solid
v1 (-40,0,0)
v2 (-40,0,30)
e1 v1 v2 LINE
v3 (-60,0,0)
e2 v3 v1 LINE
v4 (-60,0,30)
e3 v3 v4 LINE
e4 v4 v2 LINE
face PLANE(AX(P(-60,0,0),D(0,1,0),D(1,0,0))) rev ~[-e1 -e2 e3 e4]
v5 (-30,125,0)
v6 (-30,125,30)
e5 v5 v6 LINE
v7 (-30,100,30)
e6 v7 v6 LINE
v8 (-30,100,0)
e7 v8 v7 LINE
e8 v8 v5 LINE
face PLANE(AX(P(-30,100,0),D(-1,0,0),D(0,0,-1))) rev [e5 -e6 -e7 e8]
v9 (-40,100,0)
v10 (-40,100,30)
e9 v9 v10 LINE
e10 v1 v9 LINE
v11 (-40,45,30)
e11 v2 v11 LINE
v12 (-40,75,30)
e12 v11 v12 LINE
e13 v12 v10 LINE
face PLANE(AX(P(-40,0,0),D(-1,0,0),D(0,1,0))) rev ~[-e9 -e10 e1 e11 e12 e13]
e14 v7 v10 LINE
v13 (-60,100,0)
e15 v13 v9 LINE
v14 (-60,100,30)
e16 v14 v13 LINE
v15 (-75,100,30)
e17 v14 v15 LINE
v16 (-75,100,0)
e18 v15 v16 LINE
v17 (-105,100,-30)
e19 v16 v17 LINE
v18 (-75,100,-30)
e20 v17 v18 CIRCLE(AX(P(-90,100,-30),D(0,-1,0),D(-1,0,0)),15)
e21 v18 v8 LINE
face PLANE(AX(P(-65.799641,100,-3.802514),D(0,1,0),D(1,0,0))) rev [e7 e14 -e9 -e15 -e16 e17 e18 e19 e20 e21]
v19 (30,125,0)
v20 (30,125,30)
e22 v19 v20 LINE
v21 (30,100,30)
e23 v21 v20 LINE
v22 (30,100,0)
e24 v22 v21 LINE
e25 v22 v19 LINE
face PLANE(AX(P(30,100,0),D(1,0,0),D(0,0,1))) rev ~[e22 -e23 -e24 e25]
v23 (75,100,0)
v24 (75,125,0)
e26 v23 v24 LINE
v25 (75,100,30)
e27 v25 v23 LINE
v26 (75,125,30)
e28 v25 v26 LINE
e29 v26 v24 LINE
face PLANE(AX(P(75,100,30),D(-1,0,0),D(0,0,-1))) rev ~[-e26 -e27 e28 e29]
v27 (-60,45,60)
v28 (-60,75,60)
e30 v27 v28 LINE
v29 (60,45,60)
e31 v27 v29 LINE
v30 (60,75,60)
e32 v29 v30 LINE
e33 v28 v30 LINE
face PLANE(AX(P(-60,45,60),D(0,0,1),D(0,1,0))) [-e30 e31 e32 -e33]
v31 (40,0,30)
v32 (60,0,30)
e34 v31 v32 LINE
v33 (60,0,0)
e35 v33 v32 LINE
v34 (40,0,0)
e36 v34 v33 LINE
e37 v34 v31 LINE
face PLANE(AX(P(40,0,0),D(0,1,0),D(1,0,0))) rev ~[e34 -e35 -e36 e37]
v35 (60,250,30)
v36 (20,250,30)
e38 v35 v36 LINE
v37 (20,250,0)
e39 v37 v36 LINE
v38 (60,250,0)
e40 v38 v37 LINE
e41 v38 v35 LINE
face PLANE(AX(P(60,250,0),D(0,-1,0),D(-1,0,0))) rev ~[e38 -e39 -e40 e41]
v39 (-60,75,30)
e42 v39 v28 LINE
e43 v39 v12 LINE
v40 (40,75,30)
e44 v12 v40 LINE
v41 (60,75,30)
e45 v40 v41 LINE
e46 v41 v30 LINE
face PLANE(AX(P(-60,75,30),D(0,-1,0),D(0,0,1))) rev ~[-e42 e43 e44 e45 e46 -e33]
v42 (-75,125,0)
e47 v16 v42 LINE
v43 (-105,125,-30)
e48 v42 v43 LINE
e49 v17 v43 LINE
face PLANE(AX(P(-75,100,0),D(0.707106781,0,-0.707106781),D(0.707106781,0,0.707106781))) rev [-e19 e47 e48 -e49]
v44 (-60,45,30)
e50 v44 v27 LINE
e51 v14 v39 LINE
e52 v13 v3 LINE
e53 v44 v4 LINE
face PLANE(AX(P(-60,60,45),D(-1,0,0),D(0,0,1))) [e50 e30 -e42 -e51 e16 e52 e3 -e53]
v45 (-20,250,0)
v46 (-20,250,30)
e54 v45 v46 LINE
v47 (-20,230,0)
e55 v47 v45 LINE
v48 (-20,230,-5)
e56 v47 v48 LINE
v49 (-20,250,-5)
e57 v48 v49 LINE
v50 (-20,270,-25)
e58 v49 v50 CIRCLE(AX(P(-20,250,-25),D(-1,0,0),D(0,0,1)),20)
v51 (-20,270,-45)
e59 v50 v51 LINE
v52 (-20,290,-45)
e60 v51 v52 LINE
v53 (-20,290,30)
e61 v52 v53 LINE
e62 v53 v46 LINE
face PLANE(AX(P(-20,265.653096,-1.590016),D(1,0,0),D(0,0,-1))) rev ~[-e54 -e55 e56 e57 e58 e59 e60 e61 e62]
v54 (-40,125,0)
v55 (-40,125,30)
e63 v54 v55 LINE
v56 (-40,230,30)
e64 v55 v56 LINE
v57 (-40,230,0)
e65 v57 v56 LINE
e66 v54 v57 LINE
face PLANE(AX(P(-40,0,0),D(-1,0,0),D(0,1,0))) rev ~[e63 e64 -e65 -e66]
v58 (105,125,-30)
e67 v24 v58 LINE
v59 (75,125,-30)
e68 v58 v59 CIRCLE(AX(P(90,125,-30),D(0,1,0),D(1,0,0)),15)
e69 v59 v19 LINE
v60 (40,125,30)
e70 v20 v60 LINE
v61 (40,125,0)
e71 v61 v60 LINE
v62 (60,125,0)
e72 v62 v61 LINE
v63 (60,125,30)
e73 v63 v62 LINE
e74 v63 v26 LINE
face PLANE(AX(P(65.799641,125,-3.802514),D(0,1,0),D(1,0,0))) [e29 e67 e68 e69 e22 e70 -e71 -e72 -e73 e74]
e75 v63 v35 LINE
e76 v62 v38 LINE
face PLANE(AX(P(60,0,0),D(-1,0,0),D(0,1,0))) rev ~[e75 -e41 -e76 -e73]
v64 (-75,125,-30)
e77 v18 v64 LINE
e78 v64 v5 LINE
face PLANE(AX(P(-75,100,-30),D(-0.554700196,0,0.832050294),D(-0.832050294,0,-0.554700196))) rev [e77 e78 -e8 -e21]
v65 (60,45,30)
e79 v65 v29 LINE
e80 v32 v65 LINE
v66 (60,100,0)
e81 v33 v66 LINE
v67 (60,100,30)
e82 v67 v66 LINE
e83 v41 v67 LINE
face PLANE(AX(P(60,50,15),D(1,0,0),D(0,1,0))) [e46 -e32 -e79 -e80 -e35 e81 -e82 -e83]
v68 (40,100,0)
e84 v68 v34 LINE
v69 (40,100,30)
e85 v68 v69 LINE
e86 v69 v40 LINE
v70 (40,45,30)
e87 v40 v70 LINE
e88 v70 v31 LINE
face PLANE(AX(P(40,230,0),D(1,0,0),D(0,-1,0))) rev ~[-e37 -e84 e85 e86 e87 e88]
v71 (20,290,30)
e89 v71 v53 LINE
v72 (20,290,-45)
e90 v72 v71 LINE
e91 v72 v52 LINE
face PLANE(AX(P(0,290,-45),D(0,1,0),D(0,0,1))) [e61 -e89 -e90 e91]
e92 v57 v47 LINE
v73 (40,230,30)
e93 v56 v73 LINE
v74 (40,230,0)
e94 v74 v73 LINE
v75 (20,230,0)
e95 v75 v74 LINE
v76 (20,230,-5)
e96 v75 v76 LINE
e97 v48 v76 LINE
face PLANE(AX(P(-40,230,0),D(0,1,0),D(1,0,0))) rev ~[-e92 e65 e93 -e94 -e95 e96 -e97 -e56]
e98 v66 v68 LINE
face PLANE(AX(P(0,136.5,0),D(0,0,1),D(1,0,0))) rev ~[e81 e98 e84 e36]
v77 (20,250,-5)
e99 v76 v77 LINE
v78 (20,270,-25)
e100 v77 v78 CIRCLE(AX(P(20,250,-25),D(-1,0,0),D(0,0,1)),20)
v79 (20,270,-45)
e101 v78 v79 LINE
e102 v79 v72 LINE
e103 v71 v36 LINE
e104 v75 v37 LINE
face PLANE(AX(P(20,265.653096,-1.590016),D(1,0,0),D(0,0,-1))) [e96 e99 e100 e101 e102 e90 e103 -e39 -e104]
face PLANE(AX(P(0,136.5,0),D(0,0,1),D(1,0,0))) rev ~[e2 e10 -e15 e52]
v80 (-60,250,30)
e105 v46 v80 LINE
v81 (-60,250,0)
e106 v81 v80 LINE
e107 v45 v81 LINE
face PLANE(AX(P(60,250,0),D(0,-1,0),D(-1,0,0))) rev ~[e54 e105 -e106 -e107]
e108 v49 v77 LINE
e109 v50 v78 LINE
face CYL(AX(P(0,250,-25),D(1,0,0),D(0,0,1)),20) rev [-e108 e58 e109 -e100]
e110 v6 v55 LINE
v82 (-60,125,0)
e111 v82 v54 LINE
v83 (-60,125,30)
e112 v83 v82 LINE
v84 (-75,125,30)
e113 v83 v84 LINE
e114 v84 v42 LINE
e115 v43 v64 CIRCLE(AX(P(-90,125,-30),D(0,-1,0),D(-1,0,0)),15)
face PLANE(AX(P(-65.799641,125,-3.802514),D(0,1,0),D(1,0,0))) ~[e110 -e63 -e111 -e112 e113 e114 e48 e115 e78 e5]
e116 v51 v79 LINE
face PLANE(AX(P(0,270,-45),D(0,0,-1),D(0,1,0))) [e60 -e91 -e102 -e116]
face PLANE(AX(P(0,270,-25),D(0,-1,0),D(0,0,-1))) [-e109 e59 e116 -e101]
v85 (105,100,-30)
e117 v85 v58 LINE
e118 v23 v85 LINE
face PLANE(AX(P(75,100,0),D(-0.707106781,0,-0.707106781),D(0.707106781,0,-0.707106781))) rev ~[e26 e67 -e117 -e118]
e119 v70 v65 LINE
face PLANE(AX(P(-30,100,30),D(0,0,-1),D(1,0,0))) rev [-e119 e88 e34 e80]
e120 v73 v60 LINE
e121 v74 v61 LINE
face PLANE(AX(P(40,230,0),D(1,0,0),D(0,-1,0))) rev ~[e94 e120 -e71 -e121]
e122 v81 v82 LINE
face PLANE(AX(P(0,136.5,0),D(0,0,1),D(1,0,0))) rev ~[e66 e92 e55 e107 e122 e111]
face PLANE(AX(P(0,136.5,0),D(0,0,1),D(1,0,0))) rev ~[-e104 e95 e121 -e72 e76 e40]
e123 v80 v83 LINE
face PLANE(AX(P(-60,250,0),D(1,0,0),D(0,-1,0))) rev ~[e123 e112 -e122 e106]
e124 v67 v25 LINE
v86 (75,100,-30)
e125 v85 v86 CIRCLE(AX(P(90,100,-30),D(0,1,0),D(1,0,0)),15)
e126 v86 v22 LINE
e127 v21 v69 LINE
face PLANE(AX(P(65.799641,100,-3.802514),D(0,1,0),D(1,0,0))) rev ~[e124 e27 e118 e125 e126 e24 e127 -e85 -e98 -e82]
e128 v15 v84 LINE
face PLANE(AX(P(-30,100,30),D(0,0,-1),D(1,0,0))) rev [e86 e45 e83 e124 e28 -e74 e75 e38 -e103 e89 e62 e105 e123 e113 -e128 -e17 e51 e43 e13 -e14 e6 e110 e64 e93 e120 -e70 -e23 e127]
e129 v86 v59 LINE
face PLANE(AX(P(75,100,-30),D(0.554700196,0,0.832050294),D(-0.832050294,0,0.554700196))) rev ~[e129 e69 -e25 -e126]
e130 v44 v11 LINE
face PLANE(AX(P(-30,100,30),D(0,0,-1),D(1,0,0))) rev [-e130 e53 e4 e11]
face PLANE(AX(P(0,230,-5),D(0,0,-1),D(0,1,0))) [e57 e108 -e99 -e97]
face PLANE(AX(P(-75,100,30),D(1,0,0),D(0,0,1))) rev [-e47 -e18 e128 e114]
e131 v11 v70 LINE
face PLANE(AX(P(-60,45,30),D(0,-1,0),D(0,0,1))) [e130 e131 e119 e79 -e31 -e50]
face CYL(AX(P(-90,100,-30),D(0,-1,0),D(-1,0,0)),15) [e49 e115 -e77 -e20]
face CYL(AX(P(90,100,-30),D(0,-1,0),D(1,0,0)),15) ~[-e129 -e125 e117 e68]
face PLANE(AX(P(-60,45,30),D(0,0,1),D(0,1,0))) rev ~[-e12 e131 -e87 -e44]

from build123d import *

# Parameters (mm, degrees)
BOSS_EXTRUDE1_DEPTH = 30
BOSS_EXTRUDE2_DEPTH = 25
BOSS_EXTRUDE8_REACH = 304.903
SKETCH5_W           = 30
SKETCH5_H           = 30
BOSS_EXTRUDE9_DEPTH = 20


with BuildPart() as part:
    # Sketch1 → Boss-Extrude1 (new body)
    with BuildSketch(Plane.XY):
        Polygon((-60, 0), (-40, 0), (-40, 230), (40, 230), (40, 0), (60, 0), (60, 250), (-60, 250), align=None)
    extrude(amount=BOSS_EXTRUDE1_DEPTH)

    # Sketch4 → Boss-Extrude2 (add)
    with BuildSketch(Plane(origin=(0, 100, 0), x_dir=(-1, 0, 0), z_dir=(0, -1, 0))):
        with BuildLine():
            Line((-60, -30), (-75, -30))
            Line((-75, -30), (-75, 0))
            Line((-75, 0), (-105, 30))
            ThreePointArc((-105, 30), (-90, 45), (-75, 30))
            Line((-75, 30), (-30, 0))
            Line((-30, 0), (-30, -30))
            Line((-30, -30), (-60, -30))
        make_face()
    boss_extrude2 = extrude(amount=-BOSS_EXTRUDE2_DEPTH)

    # Mirror1: Boss-Extrude2 across plane
    add(boss_extrude2.mirror(Plane(origin=(0, 0, 0), x_dir=(0, 0, 1), z_dir=(1, 0, 0))))

    # Boss-Extrude8: up to this face of the body (flat: up to its plane)
    boss_extrude8_end = Plane(part.part.faces().sort_by_distance((60, 50, 15))[0])
    # Sketch5 → Boss-Extrude8 (add, up to the picked face)
    with BuildSketch(Plane.ZY.offset(60), mode=Mode.PRIVATE) as boss_extrude8_sk1:
        with Locations((45, 60)):
            Rectangle(SKETCH5_W, SKETCH5_H)
    boss_extrude8_tool1 = split(extrude(boss_extrude8_sk1.sketch, amount=-BOSS_EXTRUDE8_REACH, mode=Mode.PRIVATE), bisect_by=boss_extrude8_end, keep=Keep.BOTH, mode=Mode.PRIVATE)
    add(boss_extrude8_tool1.solids().sort_by(Axis((-60, 60, 45), (1, 0, 0)))[0])

    # Sketch6 → Boss-Extrude9 (add, symmetric)
    with BuildSketch(Plane(origin=(0, 0, 0), x_dir=(0, 0, -1), z_dir=(1, 0, 0))):
        with BuildLine():
            Line((-30, 230), (5, 230))
            Line((5, 230), (5, 250))
            ThreePointArc((5, 250), (10.857864376, 264.142135624), (25, 270))
            Line((25, 270), (45, 270))
            Line((45, 270), (45, 290))
            Line((45, 290), (-30, 290))
            Line((-30, 290), (-30, 230))
        make_face()
    extrude(amount=BOSS_EXTRUDE9_DEPTH, both=True)


solid = part.part
